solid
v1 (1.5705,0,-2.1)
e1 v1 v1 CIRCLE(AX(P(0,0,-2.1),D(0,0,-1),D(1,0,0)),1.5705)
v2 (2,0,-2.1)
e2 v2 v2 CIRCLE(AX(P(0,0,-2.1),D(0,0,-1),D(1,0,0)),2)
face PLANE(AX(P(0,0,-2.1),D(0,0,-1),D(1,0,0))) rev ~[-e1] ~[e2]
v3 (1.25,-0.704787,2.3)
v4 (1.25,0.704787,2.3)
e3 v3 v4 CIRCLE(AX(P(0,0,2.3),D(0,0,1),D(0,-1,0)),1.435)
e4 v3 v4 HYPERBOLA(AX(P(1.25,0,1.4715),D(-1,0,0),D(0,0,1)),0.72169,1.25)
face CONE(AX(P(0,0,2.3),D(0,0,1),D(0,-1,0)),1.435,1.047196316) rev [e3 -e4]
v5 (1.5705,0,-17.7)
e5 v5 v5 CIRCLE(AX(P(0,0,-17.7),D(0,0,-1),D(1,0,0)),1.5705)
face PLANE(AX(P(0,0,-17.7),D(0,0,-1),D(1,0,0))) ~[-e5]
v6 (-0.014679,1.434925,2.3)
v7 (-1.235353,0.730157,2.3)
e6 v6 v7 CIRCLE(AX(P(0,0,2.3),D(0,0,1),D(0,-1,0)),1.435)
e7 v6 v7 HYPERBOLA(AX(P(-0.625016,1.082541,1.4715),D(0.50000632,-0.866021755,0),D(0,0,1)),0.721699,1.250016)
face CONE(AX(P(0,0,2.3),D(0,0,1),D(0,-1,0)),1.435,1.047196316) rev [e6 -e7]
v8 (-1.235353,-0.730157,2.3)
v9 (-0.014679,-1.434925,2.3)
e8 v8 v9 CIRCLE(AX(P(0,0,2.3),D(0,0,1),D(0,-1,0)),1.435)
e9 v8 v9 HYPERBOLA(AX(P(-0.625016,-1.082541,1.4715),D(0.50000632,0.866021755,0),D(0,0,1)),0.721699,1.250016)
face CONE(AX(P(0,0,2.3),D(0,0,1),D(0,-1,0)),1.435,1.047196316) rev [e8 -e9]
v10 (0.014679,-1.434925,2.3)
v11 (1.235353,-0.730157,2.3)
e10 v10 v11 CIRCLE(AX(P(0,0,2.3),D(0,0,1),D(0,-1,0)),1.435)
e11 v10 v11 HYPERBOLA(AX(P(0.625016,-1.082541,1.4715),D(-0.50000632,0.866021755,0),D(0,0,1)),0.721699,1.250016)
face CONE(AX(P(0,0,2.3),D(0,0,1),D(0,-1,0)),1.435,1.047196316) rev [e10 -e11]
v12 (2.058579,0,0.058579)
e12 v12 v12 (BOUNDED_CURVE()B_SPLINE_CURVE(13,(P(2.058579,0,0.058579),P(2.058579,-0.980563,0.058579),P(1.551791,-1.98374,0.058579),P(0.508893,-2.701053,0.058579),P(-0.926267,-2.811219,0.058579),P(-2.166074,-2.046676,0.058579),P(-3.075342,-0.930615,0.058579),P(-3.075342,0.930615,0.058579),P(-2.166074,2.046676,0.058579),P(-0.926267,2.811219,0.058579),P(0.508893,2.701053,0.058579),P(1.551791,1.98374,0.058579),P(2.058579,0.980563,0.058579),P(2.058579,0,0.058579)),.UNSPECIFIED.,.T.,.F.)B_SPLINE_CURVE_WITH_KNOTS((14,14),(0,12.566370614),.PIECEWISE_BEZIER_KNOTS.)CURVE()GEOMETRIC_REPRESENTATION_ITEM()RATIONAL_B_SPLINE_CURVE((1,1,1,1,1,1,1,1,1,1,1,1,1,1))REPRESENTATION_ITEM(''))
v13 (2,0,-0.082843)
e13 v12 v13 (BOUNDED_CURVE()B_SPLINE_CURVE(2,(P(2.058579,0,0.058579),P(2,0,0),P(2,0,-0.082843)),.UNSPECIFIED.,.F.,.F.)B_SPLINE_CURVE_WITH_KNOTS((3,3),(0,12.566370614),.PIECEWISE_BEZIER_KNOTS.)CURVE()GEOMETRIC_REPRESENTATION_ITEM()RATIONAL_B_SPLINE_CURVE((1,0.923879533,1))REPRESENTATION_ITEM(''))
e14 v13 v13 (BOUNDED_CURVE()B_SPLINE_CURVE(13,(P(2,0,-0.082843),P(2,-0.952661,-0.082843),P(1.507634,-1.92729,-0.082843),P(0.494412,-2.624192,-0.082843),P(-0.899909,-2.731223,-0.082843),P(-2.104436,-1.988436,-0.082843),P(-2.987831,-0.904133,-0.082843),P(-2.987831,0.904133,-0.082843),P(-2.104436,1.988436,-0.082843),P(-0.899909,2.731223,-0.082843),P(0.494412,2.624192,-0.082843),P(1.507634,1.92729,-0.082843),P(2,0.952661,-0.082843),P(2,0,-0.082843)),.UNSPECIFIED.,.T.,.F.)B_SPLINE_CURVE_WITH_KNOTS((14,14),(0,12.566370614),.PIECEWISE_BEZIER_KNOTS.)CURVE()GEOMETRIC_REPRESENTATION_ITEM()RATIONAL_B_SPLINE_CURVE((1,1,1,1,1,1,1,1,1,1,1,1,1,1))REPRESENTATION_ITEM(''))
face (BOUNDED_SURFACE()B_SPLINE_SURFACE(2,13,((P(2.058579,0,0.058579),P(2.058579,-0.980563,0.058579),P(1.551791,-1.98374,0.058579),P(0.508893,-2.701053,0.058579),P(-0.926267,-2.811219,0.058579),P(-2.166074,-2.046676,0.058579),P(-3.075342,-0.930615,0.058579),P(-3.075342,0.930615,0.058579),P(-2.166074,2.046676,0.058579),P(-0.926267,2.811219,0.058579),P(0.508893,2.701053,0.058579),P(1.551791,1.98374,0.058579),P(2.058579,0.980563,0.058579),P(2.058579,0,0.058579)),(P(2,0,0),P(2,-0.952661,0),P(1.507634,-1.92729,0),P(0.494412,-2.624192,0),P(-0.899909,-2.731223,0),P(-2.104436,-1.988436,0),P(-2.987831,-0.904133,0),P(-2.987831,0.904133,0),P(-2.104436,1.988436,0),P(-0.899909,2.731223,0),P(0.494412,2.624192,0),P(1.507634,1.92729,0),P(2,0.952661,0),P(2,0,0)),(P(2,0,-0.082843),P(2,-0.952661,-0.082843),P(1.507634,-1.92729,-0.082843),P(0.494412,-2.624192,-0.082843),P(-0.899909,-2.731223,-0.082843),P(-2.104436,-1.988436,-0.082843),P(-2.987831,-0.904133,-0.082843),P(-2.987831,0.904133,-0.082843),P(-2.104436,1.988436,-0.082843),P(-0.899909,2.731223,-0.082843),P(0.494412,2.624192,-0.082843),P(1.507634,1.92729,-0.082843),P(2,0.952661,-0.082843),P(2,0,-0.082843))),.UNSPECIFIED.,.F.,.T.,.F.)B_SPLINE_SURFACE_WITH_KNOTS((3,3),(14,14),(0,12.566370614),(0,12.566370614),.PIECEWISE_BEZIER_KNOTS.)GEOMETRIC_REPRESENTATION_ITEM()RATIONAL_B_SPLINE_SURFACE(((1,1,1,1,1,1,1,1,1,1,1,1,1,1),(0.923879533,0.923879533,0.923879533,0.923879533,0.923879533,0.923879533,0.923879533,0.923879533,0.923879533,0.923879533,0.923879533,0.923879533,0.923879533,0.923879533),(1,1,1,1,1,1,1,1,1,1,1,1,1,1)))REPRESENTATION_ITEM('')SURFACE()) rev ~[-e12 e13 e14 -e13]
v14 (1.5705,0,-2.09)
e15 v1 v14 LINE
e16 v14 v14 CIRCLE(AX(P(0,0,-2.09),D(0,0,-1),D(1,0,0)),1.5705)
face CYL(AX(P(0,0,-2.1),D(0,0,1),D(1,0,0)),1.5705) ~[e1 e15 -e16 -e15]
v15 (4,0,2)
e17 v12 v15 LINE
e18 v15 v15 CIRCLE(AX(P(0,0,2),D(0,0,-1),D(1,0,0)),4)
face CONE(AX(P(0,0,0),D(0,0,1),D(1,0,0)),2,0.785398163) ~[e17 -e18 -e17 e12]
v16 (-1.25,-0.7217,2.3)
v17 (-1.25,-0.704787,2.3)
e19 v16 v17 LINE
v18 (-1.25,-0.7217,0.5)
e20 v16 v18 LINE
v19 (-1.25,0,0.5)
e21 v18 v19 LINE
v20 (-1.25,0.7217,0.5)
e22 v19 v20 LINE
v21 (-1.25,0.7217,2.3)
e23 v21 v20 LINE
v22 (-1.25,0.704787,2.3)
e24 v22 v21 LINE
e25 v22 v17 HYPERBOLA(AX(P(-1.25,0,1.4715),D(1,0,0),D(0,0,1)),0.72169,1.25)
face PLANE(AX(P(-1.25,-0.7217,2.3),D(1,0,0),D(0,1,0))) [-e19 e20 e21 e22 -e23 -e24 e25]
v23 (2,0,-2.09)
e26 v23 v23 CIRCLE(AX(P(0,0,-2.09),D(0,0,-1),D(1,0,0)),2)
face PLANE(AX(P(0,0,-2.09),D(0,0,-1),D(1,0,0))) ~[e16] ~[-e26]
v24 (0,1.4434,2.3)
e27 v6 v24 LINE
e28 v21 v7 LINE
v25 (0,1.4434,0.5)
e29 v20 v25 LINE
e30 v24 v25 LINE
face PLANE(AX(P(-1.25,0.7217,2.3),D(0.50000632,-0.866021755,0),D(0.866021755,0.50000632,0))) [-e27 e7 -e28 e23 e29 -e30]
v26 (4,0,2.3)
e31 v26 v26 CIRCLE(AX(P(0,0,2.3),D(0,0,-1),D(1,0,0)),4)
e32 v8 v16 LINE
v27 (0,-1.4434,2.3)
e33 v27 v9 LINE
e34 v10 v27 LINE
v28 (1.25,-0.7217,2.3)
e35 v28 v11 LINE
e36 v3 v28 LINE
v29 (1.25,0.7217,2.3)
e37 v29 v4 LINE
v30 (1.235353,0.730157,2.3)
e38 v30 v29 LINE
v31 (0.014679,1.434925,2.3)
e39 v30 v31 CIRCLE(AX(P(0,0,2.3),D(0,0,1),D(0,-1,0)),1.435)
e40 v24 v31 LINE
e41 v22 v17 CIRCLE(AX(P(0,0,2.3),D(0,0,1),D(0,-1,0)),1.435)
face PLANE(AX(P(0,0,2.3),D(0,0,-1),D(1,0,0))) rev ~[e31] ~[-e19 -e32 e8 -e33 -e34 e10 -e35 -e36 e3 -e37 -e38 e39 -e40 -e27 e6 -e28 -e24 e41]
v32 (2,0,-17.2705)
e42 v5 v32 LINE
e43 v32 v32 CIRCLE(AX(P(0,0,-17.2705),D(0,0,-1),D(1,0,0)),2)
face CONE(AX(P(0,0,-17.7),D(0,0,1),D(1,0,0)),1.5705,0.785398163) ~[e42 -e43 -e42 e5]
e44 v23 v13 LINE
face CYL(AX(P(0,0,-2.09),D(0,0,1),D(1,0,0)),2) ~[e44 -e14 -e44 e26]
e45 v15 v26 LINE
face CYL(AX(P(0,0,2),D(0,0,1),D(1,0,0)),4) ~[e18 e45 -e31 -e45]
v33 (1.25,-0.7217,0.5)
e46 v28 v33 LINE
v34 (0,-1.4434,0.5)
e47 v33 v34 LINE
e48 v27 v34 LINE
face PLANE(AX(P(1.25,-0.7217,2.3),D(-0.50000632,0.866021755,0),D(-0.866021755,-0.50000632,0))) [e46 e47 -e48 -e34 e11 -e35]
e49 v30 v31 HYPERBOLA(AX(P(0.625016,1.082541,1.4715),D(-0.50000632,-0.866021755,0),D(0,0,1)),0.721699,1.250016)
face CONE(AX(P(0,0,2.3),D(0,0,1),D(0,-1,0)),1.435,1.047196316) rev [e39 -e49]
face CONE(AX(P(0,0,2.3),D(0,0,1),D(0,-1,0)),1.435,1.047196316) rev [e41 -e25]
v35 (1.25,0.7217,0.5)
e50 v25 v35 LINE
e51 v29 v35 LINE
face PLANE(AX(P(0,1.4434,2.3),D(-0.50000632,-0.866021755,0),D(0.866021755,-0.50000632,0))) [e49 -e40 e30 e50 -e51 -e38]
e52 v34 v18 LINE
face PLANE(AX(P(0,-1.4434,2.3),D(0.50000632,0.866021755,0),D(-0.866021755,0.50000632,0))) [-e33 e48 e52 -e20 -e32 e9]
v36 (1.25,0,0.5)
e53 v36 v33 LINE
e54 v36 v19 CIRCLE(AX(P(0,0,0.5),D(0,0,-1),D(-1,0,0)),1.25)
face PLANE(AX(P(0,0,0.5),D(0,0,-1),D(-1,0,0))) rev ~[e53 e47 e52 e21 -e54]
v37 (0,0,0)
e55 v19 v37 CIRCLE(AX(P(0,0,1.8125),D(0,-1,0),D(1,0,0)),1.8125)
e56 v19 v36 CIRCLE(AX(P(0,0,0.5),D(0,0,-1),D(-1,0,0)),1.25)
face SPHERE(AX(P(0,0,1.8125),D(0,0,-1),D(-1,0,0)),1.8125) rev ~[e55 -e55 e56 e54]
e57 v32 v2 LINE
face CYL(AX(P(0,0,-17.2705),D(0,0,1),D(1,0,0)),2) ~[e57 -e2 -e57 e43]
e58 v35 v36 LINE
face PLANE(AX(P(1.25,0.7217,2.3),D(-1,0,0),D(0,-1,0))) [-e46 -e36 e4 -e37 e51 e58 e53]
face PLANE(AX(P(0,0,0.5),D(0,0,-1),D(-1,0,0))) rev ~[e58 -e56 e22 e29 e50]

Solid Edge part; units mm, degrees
sketch "Sketch1" plane through (0, 0, 0) normal (0, -1, 0) x (1, 0, 0)
  line L0 (2, 0) -> (4, 2)
  line L1 (4, 2) -> (4, 2.3)
  line L2 (4, 2.3) -> (0, 2.3)
  line L3 (0, 2.3) -> (0, -17.7)
  line L4 (0, -17.7) -> (1.5705, -17.7)
  line L5 (1.5705, -17.7) -> (2, -17.2705)
  line L6 (2, -17.2705) -> (2, -2.1)
  line L7 (2, -2.1) -> (1.5705, -2.1)
  line L8 (1.5705, -2.1) -> (1.5705, -2.09)
  line L9 (1.5705, -2.09) -> (2, -2.09)
  line L10 (2, -2.09) -> (2, 0)
  dimension "D1" = 20
  dimension "D2" = 4
  dimension "D3" = 2.3
  dimension "D4" = 0.01
  dimension "D5" = 1.5705
  dimension "D6" = 4.4
  dimension "D7" = 0.3
revolve "RevolvedProtrusion1" add sketch "Sketch1" angle 360 about axis through (0, 0, 54) along (0, 0, -1)
sketch "Sketch2" plane through (0, 0, 0) normal (0, -1, 0) x (1, 0, 0)
  arc A0 (-1.25, 0.5) -> (0, 0) centre (0, 1.8125) ccw
  line L0 (0, 0.5) -> (0, 0)
  line L1 (-1.25, 0.5) -> (0, 0.5)
  dimension "D1" = 18.2
revolve "RevolvedCutout1" cut sketch "Sketch2" angle 360 about axis through (0, 0, 54) along (0, 0, -1)
sketch "Sketch3" plane through (0, 0, 2.3) normal (0, 0, 1) x (0, -1, 0)
  line L0 (-1.4434, 0) -> (-0.7217, 1.25)
  line L1 (-0.7217, 1.25) -> (0.7217, 1.25)
  line L2 (0.7217, 1.25) -> (1.4434, 0)
  line L3 (1.4434, 0) -> (0.7217, -1.25)
  line L4 (0.7217, -1.25) -> (-0.7217, -1.25)
  line L5 (-0.7217, -1.25) -> (-1.4434, 0)
  dimension "D1" = 2.5
extrude "Cutout1" cut sketch "Sketch3" against normal blind 1.8
cosmetic_thread "Thread1" size "M4"
sketch "Sketch4" plane through (0, 0, 0) normal (1, 0, 0) x (0, 1, 0)
  line L0 (-1.435, 2.3) -> (0, 1.4715)
revolve "RevolvedCutout2" cut sketch "Sketch4" angle 360 about axis through (0, 0, -57) along (0, 0, 1) material side at (0, -0.6925, 1.9291)
fillet "Round1" radius 0.2 1 edges at (-2, 0, 0)
properties material "Stahl"
